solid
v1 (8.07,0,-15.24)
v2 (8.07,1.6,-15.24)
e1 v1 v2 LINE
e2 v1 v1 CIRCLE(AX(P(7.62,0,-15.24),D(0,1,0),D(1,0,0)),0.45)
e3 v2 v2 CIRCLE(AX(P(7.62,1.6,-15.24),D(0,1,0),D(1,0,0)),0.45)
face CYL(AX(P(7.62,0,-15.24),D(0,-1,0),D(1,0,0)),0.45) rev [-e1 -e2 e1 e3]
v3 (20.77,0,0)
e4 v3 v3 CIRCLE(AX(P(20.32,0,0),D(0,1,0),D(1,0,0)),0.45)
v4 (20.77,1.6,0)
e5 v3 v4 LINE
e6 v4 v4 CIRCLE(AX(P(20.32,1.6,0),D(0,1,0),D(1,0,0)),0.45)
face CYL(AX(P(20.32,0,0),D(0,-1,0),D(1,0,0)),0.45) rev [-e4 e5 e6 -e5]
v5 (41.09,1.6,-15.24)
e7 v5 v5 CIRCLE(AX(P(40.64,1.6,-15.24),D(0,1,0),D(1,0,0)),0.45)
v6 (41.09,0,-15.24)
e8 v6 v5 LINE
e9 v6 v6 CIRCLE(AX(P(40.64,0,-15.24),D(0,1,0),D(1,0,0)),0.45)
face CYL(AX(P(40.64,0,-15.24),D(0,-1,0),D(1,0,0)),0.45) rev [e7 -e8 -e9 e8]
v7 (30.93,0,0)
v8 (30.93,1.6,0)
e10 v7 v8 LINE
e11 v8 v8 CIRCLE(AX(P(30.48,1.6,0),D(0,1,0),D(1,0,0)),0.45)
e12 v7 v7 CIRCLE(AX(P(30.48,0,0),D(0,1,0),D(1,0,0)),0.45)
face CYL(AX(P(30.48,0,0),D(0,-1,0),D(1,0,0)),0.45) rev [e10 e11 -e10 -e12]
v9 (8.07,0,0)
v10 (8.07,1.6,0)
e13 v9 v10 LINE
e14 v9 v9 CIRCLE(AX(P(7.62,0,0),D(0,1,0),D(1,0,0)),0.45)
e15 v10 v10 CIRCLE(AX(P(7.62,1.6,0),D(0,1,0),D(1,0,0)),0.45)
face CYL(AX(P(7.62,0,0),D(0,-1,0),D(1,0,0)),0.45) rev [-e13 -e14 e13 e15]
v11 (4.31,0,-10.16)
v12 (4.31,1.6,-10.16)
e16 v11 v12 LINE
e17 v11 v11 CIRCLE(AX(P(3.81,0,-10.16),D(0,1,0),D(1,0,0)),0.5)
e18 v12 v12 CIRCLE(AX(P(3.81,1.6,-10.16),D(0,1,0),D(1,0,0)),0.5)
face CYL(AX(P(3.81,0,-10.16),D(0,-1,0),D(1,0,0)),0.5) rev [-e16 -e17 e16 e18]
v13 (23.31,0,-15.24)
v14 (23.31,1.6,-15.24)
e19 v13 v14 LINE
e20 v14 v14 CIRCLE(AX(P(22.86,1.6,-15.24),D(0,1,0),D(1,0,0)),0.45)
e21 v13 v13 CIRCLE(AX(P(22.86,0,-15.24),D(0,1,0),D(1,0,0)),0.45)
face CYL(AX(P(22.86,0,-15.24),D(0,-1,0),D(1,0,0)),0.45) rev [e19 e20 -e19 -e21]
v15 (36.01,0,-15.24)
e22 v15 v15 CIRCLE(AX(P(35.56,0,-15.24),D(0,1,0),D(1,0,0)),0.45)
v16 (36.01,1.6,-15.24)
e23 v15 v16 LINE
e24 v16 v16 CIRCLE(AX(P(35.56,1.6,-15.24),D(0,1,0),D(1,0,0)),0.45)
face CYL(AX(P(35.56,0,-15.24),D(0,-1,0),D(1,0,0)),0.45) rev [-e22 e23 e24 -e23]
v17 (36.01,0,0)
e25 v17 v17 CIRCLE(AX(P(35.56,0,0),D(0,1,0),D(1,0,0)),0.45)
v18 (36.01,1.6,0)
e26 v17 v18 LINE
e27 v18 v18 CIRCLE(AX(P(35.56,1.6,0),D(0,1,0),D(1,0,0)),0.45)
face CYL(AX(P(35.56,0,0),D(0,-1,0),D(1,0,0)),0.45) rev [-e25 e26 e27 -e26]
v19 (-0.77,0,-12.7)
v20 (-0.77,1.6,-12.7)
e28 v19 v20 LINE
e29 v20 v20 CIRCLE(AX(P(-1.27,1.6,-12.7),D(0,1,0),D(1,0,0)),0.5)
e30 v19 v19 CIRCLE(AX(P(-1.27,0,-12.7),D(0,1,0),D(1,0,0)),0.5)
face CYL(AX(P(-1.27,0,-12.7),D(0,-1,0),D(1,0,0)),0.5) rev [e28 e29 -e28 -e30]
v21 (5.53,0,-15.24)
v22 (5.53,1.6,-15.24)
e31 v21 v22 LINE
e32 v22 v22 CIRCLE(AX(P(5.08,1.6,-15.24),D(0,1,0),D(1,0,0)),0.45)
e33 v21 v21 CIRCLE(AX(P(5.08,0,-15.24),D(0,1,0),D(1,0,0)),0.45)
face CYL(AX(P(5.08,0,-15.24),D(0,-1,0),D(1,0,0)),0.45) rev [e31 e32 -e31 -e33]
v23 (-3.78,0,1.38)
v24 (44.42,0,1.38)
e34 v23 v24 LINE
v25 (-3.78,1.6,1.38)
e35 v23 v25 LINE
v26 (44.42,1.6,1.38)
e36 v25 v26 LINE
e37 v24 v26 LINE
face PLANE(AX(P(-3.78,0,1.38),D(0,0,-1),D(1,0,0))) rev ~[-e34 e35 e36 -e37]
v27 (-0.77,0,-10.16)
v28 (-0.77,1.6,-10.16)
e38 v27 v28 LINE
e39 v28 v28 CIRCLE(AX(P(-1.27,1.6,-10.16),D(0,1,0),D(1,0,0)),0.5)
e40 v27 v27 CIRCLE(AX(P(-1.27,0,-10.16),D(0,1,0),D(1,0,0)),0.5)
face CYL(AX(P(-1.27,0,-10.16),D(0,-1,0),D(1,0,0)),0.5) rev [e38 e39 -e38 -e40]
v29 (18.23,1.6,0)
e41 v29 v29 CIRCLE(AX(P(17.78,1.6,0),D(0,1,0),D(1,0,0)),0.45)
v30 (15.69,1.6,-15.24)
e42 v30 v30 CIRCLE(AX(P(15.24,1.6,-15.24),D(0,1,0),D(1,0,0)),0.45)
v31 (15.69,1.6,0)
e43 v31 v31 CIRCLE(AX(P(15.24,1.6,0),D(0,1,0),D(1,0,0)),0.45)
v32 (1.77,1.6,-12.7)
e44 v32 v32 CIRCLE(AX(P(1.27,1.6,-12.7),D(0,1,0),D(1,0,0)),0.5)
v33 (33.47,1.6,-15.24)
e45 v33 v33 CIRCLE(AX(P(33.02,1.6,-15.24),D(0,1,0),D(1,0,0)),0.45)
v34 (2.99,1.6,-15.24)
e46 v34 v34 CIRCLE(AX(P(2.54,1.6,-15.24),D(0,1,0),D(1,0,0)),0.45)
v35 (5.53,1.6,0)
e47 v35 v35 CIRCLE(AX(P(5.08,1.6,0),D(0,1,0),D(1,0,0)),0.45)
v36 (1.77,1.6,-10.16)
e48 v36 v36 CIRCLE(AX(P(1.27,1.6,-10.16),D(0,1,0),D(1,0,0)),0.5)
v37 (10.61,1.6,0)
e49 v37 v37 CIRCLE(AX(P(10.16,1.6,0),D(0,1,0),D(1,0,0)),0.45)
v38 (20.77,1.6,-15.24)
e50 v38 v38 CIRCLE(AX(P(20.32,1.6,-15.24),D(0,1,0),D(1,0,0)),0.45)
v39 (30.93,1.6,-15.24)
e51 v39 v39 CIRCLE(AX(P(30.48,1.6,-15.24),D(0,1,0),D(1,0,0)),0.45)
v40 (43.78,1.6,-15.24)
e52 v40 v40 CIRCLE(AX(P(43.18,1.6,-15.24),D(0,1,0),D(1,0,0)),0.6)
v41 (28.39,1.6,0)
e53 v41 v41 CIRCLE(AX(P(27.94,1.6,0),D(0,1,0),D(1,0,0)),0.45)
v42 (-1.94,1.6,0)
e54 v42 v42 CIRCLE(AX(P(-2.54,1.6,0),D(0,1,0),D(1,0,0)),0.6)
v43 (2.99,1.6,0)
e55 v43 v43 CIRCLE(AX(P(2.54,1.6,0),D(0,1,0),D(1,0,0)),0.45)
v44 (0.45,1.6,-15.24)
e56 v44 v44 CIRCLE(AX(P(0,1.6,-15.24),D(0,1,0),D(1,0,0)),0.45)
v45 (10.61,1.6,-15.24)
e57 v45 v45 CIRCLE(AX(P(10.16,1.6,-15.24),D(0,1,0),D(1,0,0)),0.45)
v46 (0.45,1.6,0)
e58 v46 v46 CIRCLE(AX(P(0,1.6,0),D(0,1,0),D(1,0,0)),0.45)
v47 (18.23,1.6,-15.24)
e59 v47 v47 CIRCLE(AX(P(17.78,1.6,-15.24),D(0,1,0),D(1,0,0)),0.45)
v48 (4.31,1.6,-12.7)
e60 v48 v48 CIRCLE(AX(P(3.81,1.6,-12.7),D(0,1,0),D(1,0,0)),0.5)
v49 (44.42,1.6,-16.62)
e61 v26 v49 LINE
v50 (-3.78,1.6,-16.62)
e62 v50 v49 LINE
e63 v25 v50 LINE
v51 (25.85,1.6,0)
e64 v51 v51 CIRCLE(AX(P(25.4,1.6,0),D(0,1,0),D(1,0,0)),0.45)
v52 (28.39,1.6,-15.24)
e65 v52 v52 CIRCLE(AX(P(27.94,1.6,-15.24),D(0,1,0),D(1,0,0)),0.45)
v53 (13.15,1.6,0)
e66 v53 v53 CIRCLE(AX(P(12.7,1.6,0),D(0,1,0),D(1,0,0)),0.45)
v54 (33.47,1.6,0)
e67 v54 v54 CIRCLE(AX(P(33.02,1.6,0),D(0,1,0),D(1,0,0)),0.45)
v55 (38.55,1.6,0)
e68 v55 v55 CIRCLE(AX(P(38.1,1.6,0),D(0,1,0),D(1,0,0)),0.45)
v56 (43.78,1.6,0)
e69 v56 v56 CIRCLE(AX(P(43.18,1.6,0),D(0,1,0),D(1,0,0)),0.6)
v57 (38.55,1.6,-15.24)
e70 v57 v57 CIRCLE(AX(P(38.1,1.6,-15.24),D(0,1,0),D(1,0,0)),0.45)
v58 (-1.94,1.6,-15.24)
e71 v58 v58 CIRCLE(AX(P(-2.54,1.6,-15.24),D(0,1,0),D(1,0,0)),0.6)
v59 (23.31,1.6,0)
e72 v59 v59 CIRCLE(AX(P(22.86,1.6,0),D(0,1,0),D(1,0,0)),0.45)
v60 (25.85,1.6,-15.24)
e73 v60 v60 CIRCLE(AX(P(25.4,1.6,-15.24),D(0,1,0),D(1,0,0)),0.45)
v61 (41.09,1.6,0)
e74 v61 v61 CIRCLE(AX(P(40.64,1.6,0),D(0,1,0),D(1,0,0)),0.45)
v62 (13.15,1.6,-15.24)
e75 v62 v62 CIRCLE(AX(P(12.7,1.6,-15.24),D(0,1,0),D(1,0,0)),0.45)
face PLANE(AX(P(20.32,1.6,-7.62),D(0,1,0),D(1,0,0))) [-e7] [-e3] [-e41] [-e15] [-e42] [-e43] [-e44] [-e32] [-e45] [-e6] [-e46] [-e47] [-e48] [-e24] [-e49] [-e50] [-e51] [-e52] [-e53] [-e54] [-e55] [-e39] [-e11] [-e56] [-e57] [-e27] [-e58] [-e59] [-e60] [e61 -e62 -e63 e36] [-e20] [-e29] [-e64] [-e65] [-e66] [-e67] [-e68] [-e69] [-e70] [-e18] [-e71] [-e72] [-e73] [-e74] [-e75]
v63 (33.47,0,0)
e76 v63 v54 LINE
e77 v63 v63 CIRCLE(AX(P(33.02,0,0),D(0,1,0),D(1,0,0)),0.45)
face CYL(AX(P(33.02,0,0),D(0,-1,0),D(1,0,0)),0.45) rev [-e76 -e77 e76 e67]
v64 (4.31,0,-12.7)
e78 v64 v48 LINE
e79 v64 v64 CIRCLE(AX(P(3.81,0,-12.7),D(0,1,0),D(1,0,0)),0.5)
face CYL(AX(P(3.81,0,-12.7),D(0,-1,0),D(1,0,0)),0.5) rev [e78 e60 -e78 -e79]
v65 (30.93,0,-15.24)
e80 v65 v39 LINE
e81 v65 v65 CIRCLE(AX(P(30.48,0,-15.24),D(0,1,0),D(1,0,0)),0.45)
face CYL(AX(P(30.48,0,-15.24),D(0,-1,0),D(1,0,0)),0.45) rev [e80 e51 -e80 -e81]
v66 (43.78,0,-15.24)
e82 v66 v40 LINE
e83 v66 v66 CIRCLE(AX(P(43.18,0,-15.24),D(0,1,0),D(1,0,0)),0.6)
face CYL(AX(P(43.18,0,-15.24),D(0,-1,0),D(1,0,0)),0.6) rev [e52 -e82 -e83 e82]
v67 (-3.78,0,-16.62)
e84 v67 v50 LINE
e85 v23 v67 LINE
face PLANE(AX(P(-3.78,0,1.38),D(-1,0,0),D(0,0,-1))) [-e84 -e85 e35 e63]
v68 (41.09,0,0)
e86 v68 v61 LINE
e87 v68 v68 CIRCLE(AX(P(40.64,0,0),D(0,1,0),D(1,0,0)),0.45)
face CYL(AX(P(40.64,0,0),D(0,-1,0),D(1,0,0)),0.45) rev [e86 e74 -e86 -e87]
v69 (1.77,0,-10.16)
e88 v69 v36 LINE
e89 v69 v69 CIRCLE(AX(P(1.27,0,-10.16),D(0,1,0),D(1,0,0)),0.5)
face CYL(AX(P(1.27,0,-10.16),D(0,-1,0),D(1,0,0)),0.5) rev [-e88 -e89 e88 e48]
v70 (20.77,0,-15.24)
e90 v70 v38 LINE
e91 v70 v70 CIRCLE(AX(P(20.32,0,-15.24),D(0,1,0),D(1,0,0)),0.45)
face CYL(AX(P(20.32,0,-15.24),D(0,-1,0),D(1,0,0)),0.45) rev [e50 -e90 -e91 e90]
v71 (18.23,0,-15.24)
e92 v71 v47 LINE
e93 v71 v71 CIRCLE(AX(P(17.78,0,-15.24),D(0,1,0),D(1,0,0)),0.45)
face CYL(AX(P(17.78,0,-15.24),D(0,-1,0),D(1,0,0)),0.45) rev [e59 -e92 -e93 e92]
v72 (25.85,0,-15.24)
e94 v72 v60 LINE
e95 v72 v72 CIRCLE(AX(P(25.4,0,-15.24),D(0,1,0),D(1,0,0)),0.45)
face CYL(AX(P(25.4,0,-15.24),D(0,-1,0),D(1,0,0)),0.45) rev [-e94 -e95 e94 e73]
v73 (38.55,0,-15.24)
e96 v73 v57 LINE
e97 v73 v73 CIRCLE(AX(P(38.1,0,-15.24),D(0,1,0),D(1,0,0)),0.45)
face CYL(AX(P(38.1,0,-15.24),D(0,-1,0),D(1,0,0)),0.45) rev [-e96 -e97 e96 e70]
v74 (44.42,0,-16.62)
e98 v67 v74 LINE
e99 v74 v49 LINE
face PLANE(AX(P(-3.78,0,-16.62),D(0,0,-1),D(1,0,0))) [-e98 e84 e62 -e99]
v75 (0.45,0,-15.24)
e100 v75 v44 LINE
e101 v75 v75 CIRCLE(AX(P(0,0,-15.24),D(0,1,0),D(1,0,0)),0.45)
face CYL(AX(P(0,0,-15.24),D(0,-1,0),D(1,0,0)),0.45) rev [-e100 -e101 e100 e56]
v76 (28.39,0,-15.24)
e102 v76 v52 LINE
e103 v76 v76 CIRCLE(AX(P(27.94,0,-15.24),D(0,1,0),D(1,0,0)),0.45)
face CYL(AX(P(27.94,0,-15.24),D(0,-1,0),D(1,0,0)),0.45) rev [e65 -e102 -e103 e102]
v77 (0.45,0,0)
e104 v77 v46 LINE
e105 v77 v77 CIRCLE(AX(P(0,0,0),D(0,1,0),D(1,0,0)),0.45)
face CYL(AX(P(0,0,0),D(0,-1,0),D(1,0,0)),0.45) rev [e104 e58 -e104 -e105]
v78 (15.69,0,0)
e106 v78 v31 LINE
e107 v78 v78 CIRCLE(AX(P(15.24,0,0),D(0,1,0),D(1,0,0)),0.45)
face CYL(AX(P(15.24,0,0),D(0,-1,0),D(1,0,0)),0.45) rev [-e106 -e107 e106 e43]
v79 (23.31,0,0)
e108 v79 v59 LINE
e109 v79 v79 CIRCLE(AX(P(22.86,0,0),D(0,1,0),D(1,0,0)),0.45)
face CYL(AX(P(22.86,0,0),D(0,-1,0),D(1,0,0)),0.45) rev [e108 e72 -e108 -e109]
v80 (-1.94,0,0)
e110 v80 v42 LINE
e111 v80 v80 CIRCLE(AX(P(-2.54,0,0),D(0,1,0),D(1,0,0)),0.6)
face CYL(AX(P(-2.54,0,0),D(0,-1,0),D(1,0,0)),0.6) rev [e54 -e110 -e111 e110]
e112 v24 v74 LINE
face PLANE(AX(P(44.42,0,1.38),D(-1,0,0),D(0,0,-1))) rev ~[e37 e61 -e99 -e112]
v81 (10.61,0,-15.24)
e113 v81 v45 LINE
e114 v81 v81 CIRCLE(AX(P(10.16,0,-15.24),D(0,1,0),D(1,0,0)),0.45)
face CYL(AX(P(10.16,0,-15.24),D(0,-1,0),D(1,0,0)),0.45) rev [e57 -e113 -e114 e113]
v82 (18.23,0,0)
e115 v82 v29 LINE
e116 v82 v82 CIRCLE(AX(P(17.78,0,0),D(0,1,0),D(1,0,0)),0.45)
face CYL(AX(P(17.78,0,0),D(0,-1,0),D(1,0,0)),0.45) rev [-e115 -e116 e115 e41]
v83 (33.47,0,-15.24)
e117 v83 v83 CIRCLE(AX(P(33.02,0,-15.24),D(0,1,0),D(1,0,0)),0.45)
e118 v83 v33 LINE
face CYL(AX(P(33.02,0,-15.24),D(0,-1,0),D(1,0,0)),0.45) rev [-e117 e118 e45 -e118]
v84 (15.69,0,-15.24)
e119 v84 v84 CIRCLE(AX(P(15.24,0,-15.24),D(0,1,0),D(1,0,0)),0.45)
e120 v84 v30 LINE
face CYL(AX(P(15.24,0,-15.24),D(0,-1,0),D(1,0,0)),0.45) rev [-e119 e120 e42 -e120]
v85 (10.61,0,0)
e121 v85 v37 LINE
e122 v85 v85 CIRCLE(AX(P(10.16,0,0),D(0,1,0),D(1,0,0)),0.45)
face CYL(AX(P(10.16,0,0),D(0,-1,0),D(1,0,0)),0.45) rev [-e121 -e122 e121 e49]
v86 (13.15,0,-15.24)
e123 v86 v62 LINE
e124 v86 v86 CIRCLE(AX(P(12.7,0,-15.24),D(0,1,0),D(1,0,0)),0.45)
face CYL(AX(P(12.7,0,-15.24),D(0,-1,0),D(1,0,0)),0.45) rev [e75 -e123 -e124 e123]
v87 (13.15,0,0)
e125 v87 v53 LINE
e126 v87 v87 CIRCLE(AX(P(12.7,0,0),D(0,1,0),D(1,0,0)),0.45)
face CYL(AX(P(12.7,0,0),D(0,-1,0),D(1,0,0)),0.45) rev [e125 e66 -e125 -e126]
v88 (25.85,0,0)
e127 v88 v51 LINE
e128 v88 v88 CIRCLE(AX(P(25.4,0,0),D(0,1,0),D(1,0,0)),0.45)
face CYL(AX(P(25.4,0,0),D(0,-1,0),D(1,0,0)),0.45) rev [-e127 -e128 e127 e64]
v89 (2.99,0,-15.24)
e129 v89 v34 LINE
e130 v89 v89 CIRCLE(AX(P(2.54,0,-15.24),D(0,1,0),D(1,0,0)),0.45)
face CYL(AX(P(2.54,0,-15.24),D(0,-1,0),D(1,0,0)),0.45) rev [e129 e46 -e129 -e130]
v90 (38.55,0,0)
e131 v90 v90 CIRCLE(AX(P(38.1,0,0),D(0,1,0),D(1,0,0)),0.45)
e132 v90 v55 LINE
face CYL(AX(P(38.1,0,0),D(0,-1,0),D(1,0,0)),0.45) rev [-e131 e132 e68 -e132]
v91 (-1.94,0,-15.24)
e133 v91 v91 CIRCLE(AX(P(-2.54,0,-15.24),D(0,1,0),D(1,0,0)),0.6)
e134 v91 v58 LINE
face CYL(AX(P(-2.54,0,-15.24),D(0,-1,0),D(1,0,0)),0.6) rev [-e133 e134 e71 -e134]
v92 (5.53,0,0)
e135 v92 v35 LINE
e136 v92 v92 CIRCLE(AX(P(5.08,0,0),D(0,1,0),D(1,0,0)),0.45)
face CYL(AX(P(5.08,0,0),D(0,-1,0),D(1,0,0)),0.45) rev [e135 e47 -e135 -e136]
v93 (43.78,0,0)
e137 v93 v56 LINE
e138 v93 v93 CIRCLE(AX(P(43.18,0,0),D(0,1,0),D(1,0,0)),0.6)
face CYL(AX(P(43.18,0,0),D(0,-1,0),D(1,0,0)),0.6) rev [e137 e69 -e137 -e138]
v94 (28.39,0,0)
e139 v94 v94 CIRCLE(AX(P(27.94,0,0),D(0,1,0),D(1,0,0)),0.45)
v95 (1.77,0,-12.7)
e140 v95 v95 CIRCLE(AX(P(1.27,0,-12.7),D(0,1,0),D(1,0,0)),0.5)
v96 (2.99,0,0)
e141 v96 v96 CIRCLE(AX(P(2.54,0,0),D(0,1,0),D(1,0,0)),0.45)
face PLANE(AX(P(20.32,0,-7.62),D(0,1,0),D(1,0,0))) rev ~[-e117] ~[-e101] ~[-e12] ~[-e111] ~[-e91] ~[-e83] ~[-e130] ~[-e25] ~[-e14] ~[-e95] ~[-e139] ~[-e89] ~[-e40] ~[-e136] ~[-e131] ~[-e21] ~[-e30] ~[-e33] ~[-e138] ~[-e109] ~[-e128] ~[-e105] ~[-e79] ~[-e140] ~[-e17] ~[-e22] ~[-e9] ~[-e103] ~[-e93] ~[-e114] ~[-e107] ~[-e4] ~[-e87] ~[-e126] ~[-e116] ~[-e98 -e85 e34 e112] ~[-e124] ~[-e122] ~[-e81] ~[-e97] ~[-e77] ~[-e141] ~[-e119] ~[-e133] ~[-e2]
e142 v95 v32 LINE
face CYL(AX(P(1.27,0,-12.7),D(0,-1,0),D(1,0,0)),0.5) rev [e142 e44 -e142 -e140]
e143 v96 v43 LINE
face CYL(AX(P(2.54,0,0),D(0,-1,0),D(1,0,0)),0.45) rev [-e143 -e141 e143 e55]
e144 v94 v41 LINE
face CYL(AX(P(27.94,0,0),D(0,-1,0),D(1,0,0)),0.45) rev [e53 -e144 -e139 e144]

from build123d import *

# Parameters (mm, degrees)
SKETCH1_W           = 48.2
SKETCH1_H           = 18
SKETCH1_R           = 0.6
BOSS_EXTRUDE2_DEPTH = 1.6
SKETCH2_R           = 0.45
CUT_EXTRUDE2_DEPTH  = 1.6
LPATTERN1_COUNT     = 17
LPATTERN1_PITCH     = 2.54
SKETCH3_R           = 0.5
CUT_EXTRUDE4_DEPTH  = 1.6


with BuildPart() as part:
    # Sketch1 → Boss-Extrude2 (new body)
    with BuildSketch(Plane(origin=(0, 0, 0), x_dir=(1, 0, 0), z_dir=(0, 1, 0))):
        with Locations((20.32, 7.62)):
            Rectangle(SKETCH1_W, SKETCH1_H)
        with Locations((-2.54, 0)):
            Circle(SKETCH1_R, mode=Mode.SUBTRACT)
        with Locations((-2.54, 15.24)):
            Circle(SKETCH1_R, mode=Mode.SUBTRACT)
        with Locations((43.18, 15.24)):
            Circle(SKETCH1_R, mode=Mode.SUBTRACT)
        with Locations((43.18, 0)):
            Circle(SKETCH1_R, mode=Mode.SUBTRACT)
    extrude(amount=BOSS_EXTRUDE2_DEPTH)

    # Sketch2 → Cut-Extrude2 (cut)
    with BuildSketch(Plane(origin=(0, 0, 0), x_dir=(1, 0, 0), z_dir=(0, 1, 0))):
        Circle(SKETCH2_R)
        with Locations((0, 15.24)):
            Circle(SKETCH2_R)
    cut_extrude2 = extrude(amount=CUT_EXTRUDE2_DEPTH, mode=Mode.SUBTRACT)

    # LPattern1: Cut-Extrude2 ×17
    with Locations(*[(i * LPATTERN1_PITCH, 0, 0) for i in range(1, LPATTERN1_COUNT)]):
        add(cut_extrude2, mode=Mode.SUBTRACT)

    # Sketch3 → Cut-Extrude4 (cut)
    with BuildSketch(Plane(origin=(0, 0, 0), x_dir=(1, 0, 0), z_dir=(0, 1, 0))):
        with Locations((1.27, 12.7)):
            Circle(SKETCH3_R)
        with Locations((-1.27, 12.7)):
            Circle(SKETCH3_R)
        with Locations((-1.27, 10.16)):
            Circle(SKETCH3_R)
        with Locations((3.81, 12.7)):
            Circle(SKETCH3_R)
        with Locations((3.81, 10.16)):
            Circle(SKETCH3_R)
        with Locations((1.27, 10.16)):
            Circle(SKETCH3_R)
    extrude(amount=CUT_EXTRUDE4_DEPTH, mode=Mode.SUBTRACT)


solid = part.part
